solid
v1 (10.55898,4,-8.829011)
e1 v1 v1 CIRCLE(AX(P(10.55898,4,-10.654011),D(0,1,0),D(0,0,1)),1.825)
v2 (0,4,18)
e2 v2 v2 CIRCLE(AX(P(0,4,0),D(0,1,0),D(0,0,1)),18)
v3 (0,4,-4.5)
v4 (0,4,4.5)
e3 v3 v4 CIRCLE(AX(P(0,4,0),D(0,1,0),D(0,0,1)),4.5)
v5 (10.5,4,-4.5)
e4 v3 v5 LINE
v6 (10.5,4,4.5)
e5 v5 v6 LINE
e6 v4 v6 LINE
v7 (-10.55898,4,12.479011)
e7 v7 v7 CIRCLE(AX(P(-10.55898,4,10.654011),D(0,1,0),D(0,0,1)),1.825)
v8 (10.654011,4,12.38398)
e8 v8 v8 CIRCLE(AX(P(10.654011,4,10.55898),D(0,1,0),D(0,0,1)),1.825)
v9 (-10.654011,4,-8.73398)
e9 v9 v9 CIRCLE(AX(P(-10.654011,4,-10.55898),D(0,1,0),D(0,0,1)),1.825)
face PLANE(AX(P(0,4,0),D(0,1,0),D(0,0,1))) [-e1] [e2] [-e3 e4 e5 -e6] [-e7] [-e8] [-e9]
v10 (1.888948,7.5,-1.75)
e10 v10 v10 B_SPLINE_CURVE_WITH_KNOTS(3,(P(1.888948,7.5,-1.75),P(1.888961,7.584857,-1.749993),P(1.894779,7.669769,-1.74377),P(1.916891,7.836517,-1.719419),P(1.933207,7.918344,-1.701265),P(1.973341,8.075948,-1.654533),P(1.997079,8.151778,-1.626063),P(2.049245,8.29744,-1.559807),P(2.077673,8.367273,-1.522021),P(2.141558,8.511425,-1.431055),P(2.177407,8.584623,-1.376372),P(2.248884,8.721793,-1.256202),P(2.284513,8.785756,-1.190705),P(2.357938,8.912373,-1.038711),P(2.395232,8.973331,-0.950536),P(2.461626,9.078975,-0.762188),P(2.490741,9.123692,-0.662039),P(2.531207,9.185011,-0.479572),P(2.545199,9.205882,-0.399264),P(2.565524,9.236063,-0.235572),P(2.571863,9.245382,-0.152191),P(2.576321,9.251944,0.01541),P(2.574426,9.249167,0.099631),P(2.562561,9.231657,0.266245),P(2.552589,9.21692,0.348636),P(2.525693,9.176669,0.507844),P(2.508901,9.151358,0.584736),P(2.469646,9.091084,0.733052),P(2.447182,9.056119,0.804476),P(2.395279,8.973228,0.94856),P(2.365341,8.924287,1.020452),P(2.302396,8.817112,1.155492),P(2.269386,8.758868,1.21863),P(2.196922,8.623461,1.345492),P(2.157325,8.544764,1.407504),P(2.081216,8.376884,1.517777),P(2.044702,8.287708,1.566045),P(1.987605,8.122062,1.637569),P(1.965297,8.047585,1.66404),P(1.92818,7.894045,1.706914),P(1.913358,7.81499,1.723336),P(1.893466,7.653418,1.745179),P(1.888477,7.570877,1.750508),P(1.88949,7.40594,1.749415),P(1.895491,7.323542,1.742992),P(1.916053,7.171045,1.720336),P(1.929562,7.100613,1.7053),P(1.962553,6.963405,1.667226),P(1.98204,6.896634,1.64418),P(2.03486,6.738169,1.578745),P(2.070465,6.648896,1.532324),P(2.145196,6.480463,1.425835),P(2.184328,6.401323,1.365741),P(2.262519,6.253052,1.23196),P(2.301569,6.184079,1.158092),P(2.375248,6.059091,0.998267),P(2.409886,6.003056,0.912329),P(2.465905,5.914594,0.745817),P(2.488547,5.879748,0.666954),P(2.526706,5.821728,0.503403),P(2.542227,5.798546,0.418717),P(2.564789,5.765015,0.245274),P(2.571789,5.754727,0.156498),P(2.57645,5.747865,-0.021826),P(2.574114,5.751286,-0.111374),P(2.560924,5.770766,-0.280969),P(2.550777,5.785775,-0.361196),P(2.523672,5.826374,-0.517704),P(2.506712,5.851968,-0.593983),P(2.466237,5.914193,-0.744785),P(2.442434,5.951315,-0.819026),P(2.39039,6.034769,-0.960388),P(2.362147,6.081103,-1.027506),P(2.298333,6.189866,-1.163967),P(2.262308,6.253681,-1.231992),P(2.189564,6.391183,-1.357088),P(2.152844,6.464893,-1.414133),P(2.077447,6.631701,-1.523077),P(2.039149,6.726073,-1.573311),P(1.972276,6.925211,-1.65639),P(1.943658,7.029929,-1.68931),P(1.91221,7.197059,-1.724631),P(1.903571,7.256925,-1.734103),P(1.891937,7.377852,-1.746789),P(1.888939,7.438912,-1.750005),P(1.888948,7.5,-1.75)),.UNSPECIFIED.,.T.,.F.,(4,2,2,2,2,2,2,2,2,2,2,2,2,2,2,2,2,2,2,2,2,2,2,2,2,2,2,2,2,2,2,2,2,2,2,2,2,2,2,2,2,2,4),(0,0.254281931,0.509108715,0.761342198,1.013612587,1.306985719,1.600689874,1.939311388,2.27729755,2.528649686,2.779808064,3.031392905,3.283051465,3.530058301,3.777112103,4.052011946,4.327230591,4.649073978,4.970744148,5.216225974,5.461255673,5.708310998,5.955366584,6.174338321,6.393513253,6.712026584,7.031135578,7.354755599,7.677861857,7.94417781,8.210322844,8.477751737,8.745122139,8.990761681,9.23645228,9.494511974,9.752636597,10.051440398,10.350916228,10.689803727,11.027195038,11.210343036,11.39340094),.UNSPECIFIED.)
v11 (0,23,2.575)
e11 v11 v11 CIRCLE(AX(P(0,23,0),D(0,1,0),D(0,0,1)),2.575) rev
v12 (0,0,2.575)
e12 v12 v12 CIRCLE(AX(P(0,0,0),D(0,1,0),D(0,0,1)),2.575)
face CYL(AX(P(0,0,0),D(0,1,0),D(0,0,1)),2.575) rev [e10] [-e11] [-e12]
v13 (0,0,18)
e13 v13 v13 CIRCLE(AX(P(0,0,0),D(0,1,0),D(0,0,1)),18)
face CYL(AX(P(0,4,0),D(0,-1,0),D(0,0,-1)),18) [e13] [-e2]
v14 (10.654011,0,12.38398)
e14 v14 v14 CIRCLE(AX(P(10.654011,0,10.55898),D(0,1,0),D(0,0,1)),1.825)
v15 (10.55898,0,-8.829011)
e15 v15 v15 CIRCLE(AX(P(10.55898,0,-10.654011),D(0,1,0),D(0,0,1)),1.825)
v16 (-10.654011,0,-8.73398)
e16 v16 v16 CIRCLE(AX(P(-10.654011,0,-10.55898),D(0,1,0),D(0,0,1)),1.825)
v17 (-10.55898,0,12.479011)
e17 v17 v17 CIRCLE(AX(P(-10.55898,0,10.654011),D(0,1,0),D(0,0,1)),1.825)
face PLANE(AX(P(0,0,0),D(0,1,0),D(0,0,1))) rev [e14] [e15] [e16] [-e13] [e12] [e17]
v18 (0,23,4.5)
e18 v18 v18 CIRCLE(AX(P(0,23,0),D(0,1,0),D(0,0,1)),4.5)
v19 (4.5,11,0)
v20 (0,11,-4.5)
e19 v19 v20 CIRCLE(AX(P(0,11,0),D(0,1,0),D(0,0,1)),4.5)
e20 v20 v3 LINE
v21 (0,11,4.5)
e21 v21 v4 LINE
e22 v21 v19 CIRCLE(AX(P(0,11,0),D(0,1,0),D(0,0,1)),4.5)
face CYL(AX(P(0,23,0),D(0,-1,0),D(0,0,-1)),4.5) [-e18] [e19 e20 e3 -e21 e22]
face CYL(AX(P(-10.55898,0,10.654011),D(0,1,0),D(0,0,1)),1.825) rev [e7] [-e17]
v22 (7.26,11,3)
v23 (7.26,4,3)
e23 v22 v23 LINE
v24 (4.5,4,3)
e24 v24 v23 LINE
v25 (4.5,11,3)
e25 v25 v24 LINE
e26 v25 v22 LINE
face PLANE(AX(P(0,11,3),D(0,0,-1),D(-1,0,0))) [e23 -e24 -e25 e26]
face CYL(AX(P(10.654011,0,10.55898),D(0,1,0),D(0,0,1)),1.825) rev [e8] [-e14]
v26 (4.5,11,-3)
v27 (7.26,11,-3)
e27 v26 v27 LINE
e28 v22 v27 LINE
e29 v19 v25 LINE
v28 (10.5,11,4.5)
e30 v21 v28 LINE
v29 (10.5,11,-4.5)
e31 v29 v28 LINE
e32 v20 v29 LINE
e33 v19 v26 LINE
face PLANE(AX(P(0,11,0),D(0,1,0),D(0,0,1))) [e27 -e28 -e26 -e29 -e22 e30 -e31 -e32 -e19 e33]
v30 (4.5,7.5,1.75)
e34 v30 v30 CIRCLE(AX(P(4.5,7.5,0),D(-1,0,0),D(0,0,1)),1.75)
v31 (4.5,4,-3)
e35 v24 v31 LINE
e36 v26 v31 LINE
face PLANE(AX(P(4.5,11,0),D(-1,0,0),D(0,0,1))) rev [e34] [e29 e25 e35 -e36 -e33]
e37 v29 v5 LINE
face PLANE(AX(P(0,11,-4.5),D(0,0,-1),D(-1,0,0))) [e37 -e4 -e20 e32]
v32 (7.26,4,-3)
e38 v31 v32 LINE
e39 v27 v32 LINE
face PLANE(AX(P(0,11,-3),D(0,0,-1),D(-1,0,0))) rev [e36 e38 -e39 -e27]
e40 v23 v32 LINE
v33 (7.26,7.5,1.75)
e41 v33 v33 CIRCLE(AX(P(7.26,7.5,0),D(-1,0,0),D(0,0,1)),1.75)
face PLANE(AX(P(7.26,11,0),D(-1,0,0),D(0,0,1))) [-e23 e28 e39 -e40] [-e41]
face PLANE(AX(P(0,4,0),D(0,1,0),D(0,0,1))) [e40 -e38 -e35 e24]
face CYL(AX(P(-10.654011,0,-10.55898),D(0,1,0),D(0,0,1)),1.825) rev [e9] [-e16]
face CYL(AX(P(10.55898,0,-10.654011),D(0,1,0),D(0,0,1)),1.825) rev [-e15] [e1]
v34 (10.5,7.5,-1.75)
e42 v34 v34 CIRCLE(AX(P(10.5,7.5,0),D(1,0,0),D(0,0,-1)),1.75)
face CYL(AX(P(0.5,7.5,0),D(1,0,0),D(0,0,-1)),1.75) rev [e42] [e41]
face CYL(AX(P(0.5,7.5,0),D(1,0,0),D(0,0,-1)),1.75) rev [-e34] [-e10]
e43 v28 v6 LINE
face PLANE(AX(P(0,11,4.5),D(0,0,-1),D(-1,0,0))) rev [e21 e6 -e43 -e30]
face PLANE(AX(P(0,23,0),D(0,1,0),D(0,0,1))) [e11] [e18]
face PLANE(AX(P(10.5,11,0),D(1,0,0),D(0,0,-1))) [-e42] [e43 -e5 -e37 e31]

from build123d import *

# Parameters (mm, degrees)
SKETCH1_R           = 18
BOSS_EXTRUDE1_DEPTH = 4
SKETCH2_R           = 1.825
SKETCH2_R_2         = 2.575
CUT_EXTRUDE1_DEPTH  = 26.768197453
BOSS_EXTRUDE2_START = 19
SKETCH3_R           = 2.575
BOSS_EXTRUDE2_DEPTH = 19
BOSS_EXTRUDE4_START = 7
BOSS_EXTRUDE4_DEPTH = 7
BOSS_EXTRUDE5_DEPTH = 7
SKETCH6_R           = 1.75
CUT_EXTRUDE2_DEPTH  = 10


with BuildPart() as part:
    # Sketch1 → Boss-Extrude1 (new body)
    with BuildSketch(Plane(origin=(0, 0, 0), x_dir=(1, 0, 0), z_dir=(0, 1, 0))):
        Circle(SKETCH1_R)
    extrude(amount=BOSS_EXTRUDE1_DEPTH)

    # Sketch2 → Cut-Extrude1 (cut, through all)
    with BuildSketch(Plane(origin=(0, 4, 0), x_dir=(1, 0, 0), z_dir=(0, 1, 0))):
        with Locations((-10.654011001, 10.558979572)):
            Circle(SKETCH2_R)
        with Locations((10.558979572, 10.654011001)):
            Circle(SKETCH2_R)
        with Locations((10.654011001, -10.558979572)):
            Circle(SKETCH2_R)
        Circle(SKETCH2_R_2)
        with Locations((-10.558979572, -10.654011001)):
            Circle(SKETCH2_R)
    extrude(amount=-CUT_EXTRUDE1_DEPTH, mode=Mode.SUBTRACT)

    # Sketch3 → Boss-Extrude2 (add)
    with BuildSketch(Plane(origin=(0, 4, 0), x_dir=(1, 0, 0), z_dir=(0, 1, 0)).offset(BOSS_EXTRUDE2_START)):
        with BuildLine():
            ThreePointArc((0, -4.5), (3.181980515, -3.181980515), (4.5, 0))
            ThreePointArc((4.5, 0), (3.181980515, 3.181980515), (0, 4.5))
            ThreePointArc((0, 4.5), (-4.5, 0), (0, -4.5))
        make_face()
        Circle(SKETCH3_R, mode=Mode.SUBTRACT)
    extrude(amount=-BOSS_EXTRUDE2_DEPTH)

    # Sketch3<4> → Boss-Extrude4 (add)
    with BuildSketch(Plane(origin=(0, 4, 0), x_dir=(1, 0, 0), z_dir=(0, 1, 0)).offset(BOSS_EXTRUDE4_START)):
        with BuildLine():
            ThreePointArc((0, 4.5), (3.181980515, 3.181980515), (4.5, 0))
            Line((4.5, 0), (4.5, 3))
            Line((4.5, 3), (4.5, 4.5))
            Line((4.5, 4.5), (0, 4.5))
        make_face()
        with BuildLine():
            Line((4.5, -3), (4.5, 0))
            ThreePointArc((4.5, 0), (3.181980515, -3.181980515), (0, -4.5))
            Line((0, -4.5), (4.5, -4.5))
            Line((4.5, -4.5), (4.5, -3))
        make_face()
    extrude(amount=-BOSS_EXTRUDE4_DEPTH)

    # Sketch3<5> → Boss-Extrude5 (add)
    with BuildSketch(Plane(origin=(0, 4, 0), x_dir=(1, 0, 0), z_dir=(0, 1, 0))):
        Polygon((4.5, 4.5), (4.5, 3), (7.26, 3), (7.26, -3), (4.5, -3), (4.5, -4.5), (10.5, -4.5), (10.5, 4.5), align=None)
    extrude(amount=BOSS_EXTRUDE5_DEPTH)

    # Sketch6 → Cut-Extrude2 (cut)
    with BuildSketch(Plane(origin=(10.5, 0, 0), x_dir=(0, 0, -1), z_dir=(1, 0, 0))):
        with Locations((0, 7.5)):
            Circle(SKETCH6_R)
    extrude(amount=-CUT_EXTRUDE2_DEPTH, mode=Mode.SUBTRACT)


solid = part.part
